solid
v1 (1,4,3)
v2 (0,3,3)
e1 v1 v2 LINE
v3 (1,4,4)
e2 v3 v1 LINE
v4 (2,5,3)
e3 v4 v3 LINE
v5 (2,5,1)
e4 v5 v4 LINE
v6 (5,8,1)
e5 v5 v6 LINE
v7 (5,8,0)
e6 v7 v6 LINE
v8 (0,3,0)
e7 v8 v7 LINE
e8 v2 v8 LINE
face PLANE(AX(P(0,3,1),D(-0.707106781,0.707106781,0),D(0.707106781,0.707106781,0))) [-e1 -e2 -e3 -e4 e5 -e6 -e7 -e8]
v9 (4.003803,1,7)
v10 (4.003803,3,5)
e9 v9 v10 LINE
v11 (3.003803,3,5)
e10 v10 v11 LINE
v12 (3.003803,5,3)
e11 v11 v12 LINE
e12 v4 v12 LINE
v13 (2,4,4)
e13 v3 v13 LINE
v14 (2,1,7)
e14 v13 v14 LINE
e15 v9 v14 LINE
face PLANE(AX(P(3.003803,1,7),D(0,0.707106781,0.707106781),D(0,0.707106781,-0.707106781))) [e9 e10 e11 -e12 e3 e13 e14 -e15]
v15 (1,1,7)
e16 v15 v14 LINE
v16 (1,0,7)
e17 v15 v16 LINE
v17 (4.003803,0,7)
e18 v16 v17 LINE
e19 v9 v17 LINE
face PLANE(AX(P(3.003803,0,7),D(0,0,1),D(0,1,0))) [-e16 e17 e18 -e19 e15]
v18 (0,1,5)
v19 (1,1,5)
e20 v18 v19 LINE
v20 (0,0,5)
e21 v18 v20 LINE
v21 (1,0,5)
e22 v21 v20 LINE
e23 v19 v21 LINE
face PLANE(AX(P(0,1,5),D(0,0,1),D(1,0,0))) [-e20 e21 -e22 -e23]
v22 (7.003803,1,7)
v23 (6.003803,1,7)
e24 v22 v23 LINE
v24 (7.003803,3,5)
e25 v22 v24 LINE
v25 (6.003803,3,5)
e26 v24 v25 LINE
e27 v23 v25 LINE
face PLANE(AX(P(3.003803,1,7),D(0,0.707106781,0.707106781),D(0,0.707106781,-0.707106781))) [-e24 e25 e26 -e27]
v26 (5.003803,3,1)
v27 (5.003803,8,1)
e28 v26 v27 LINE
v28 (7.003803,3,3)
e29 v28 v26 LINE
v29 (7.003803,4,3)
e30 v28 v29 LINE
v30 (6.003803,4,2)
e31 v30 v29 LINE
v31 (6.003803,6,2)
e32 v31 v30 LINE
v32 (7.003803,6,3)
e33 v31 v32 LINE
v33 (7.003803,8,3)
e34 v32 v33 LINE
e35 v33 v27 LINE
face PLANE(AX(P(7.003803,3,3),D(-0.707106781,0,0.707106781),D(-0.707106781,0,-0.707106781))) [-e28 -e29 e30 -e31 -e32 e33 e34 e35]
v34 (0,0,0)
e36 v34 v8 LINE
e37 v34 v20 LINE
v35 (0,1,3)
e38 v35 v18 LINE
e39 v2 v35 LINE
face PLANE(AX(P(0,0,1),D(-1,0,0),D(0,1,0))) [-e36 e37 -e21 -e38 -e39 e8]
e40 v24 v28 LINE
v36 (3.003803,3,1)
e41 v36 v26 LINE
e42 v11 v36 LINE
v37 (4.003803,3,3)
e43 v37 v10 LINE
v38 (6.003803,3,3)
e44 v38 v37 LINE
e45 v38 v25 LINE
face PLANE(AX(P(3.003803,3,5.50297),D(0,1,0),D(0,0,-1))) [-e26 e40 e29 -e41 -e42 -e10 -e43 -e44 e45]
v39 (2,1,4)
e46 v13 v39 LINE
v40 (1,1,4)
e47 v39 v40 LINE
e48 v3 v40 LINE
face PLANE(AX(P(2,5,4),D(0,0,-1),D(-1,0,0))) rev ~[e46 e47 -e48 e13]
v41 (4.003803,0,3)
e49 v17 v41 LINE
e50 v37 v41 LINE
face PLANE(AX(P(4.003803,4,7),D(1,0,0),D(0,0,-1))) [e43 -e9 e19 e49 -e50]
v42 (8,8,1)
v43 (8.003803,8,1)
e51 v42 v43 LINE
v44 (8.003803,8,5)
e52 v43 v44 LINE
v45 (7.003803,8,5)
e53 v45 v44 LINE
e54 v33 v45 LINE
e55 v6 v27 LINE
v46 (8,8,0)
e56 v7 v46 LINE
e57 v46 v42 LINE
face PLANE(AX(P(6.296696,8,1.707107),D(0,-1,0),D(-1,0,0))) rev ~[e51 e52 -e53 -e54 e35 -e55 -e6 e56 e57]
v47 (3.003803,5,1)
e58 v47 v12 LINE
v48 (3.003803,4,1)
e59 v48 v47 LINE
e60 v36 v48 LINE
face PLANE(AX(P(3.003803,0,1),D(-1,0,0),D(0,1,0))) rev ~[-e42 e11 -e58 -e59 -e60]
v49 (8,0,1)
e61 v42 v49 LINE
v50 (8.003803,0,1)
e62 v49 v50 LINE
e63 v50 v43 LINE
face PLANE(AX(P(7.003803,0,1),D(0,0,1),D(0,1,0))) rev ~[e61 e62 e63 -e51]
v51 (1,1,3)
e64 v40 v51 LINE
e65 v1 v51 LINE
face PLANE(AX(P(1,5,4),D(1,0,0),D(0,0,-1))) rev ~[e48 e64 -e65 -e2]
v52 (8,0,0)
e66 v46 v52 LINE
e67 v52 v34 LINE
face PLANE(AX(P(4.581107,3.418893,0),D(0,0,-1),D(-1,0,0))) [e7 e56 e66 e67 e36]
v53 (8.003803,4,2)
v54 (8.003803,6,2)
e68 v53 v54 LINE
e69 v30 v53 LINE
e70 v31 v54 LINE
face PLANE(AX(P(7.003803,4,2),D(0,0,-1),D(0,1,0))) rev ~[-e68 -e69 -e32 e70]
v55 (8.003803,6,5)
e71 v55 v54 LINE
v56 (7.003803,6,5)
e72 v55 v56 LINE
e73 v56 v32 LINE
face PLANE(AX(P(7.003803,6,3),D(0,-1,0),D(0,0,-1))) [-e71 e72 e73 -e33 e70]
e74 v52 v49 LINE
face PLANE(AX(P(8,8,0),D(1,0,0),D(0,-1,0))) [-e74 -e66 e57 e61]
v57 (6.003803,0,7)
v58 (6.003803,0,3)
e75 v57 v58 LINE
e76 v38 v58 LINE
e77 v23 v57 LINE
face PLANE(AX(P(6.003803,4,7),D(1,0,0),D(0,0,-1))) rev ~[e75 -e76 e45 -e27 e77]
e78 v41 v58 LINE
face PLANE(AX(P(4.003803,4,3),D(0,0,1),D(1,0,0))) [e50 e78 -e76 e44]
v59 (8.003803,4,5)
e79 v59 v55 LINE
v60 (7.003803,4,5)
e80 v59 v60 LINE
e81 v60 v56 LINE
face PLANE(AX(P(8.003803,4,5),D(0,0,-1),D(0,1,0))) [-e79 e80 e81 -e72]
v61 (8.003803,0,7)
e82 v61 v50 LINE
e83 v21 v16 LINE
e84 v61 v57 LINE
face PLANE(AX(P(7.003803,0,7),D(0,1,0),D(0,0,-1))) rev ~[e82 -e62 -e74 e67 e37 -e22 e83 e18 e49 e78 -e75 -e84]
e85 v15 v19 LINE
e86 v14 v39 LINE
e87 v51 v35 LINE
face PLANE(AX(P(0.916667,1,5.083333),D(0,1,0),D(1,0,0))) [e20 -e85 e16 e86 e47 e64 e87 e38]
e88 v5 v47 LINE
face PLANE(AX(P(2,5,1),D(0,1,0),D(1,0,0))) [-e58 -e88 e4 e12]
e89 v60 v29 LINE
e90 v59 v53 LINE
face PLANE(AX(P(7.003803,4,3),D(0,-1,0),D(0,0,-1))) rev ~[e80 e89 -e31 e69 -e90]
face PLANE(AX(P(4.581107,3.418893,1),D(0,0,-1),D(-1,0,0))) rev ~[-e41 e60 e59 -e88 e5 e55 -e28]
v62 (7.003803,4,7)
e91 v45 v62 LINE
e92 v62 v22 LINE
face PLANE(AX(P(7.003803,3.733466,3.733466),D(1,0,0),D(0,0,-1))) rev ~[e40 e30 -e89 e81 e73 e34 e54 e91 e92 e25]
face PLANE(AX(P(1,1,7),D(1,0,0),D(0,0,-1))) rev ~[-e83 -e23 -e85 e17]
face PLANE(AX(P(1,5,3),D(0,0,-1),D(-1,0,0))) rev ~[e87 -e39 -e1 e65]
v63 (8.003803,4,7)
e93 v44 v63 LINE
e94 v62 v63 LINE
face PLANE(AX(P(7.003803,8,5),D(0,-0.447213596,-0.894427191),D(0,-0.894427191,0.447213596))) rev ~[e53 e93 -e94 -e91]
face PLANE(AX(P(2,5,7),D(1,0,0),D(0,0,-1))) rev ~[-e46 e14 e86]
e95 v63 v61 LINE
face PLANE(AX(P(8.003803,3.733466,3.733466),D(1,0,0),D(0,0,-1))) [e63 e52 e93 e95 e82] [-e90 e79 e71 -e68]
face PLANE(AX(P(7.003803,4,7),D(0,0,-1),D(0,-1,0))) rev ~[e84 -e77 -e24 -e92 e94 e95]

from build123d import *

# Parameters (mm, degrees)
BOSS_EXTRUDE1_DEPTH = 1
BOSS_EXTRUDE2_DEPTH = 6
CUT_EXTRUDE1_DEPTH  = 4
CUT_EXTRUDE2_DEPTH  = 4
SKETCH6_W           = 1
SKETCH6_H           = 2
CUT_EXTRUDE3_DEPTH  = 4
BOSS_EXTRUDE3_DEPTH = 4
SKETCH8_W           = 2
SKETCH8_H           = 4
CUT_EXTRUDE4_DEPTH  = 4
BOSS_EXTRUDE4_DEPTH = 1
SKETCH14_W          = 4.502969787
SKETCH14_H          = 1
CUT_EXTRUDE6_DEPTH  = 4
SKETCH11_W          = 3
SKETCH11_H          = 2
CUT_EXTRUDE5_DEPTH  = 2
BOSS_EXTRUDE5_DEPTH = 5
SKETCH16_W          = 1
SKETCH16_H          = 2
CUT_EXTRUDE7_DEPTH  = 3


with BuildPart() as part:
    # Sketch2 → Boss-Extrude1 (new body)
    with BuildSketch(Plane.XY):
        Polygon((0, 0), (0, 3), (5, 8), (8, 8), (8, 0), align=None)
    extrude(amount=BOSS_EXTRUDE1_DEPTH)

    # Sketch3 → Boss-Extrude2 (add)
    with BuildSketch(Plane.XY.offset(1)):
        Polygon((0, 0), (0, 3), (2, 5), (3.00380266, 5), (3.00380266, 3), (3.00380266, 0), align=None)
    extrude(amount=BOSS_EXTRUDE2_DEPTH)

    # Sketch4 → Cut-Extrude1 (cut)
    with BuildSketch(Plane.ZY):
        Polygon((3, 5), (7, 1), (7, 5), align=None)
    extrude(amount=-CUT_EXTRUDE1_DEPTH, mode=Mode.SUBTRACT)

    # Sketch5 → Cut-Extrude2 (cut)
    with BuildSketch(Plane(origin=(0, 5, 0), x_dir=(1, 0, 0), z_dir=(0, 1, 0))):
        Polygon((1, -4), (1, -3), (0, -3), (0, -3.75), (0, -7), (2, -7), (2, -4), align=None)
    extrude(amount=-CUT_EXTRUDE2_DEPTH, mode=Mode.SUBTRACT)

    # Sketch6 → Cut-Extrude3 (cut)
    with BuildSketch(Plane(origin=(0, 1, 0), x_dir=(1, 0, 0), z_dir=(0, 1, 0))):
        with Locations((0.5, -6)):
            Rectangle(SKETCH6_W, SKETCH6_H)
    extrude(amount=-CUT_EXTRUDE3_DEPTH, mode=Mode.SUBTRACT)

    # Sketch7 → Boss-Extrude3 (add)
    with BuildSketch(Plane(origin=(3.00380266, 0, 0), x_dir=(0, 0, -1), z_dir=(1, 0, 0))):
        Polygon((-7, 0), (-7, 1), (-4, 4), (-1, 4), (-1, 0), align=None)
    extrude(amount=BOSS_EXTRUDE3_DEPTH)

    # Sketch8 → Cut-Extrude4 (cut)
    with BuildSketch(Plane(origin=(0, 4, 0), x_dir=(1, 0, 0), z_dir=(0, 1, 0))):
        with Locations((5.00380266, -5)):
            Rectangle(SKETCH8_W, SKETCH8_H)
    extrude(amount=-CUT_EXTRUDE4_DEPTH, mode=Mode.SUBTRACT)

    # Sketch9 → Boss-Extrude4 (add)
    with BuildSketch(Plane(origin=(7.00380266, 0, 0), x_dir=(0, 0, -1), z_dir=(1, 0, 0))):
        Polygon((-7, 0), (-1, 0), (-1, 8), (-5, 8), (-7, 4), align=None)
    extrude(amount=BOSS_EXTRUDE4_DEPTH)

    # Sketch14 → Cut-Extrude6 (cut)
    with BuildSketch(Plane(origin=(3.00380266, 0, 0), x_dir=(0, 0, -1), z_dir=(1, 0, 0))):
        with Locations((-3.251484894, 3.5)):
            Rectangle(SKETCH14_W, SKETCH14_H)
    extrude(amount=CUT_EXTRUDE6_DEPTH, mode=Mode.SUBTRACT)

    # Sketch11 → Cut-Extrude5 (cut)
    with BuildSketch(Plane(origin=(8.00380266, 0, 0), x_dir=(0, 0, -1), z_dir=(1, 0, 0))):
        with Locations((-3.5, 5)):
            Rectangle(SKETCH11_W, SKETCH11_H)
    extrude(amount=-CUT_EXTRUDE5_DEPTH, mode=Mode.SUBTRACT)

    # Sketch15 → Boss-Extrude5 (add)
    with BuildSketch(Plane(origin=(0, 3, 0), x_dir=(1, 0, 0), z_dir=(0, 1, 0))):
        Polygon((7.00380266, -3), (5.00380266, -1), (7.00380266, -1), align=None)
    extrude(amount=BOSS_EXTRUDE5_DEPTH)

    # Sketch16 → Cut-Extrude7 (cut)
    with BuildSketch(Plane(origin=(7.00380266, 0, 0), x_dir=(0, 0, -1), z_dir=(1, 0, 0))):
        with Locations((-2.5, 5)):
            Rectangle(SKETCH16_W, SKETCH16_H)
    extrude(amount=-CUT_EXTRUDE7_DEPTH, mode=Mode.SUBTRACT)


solid = part.part
